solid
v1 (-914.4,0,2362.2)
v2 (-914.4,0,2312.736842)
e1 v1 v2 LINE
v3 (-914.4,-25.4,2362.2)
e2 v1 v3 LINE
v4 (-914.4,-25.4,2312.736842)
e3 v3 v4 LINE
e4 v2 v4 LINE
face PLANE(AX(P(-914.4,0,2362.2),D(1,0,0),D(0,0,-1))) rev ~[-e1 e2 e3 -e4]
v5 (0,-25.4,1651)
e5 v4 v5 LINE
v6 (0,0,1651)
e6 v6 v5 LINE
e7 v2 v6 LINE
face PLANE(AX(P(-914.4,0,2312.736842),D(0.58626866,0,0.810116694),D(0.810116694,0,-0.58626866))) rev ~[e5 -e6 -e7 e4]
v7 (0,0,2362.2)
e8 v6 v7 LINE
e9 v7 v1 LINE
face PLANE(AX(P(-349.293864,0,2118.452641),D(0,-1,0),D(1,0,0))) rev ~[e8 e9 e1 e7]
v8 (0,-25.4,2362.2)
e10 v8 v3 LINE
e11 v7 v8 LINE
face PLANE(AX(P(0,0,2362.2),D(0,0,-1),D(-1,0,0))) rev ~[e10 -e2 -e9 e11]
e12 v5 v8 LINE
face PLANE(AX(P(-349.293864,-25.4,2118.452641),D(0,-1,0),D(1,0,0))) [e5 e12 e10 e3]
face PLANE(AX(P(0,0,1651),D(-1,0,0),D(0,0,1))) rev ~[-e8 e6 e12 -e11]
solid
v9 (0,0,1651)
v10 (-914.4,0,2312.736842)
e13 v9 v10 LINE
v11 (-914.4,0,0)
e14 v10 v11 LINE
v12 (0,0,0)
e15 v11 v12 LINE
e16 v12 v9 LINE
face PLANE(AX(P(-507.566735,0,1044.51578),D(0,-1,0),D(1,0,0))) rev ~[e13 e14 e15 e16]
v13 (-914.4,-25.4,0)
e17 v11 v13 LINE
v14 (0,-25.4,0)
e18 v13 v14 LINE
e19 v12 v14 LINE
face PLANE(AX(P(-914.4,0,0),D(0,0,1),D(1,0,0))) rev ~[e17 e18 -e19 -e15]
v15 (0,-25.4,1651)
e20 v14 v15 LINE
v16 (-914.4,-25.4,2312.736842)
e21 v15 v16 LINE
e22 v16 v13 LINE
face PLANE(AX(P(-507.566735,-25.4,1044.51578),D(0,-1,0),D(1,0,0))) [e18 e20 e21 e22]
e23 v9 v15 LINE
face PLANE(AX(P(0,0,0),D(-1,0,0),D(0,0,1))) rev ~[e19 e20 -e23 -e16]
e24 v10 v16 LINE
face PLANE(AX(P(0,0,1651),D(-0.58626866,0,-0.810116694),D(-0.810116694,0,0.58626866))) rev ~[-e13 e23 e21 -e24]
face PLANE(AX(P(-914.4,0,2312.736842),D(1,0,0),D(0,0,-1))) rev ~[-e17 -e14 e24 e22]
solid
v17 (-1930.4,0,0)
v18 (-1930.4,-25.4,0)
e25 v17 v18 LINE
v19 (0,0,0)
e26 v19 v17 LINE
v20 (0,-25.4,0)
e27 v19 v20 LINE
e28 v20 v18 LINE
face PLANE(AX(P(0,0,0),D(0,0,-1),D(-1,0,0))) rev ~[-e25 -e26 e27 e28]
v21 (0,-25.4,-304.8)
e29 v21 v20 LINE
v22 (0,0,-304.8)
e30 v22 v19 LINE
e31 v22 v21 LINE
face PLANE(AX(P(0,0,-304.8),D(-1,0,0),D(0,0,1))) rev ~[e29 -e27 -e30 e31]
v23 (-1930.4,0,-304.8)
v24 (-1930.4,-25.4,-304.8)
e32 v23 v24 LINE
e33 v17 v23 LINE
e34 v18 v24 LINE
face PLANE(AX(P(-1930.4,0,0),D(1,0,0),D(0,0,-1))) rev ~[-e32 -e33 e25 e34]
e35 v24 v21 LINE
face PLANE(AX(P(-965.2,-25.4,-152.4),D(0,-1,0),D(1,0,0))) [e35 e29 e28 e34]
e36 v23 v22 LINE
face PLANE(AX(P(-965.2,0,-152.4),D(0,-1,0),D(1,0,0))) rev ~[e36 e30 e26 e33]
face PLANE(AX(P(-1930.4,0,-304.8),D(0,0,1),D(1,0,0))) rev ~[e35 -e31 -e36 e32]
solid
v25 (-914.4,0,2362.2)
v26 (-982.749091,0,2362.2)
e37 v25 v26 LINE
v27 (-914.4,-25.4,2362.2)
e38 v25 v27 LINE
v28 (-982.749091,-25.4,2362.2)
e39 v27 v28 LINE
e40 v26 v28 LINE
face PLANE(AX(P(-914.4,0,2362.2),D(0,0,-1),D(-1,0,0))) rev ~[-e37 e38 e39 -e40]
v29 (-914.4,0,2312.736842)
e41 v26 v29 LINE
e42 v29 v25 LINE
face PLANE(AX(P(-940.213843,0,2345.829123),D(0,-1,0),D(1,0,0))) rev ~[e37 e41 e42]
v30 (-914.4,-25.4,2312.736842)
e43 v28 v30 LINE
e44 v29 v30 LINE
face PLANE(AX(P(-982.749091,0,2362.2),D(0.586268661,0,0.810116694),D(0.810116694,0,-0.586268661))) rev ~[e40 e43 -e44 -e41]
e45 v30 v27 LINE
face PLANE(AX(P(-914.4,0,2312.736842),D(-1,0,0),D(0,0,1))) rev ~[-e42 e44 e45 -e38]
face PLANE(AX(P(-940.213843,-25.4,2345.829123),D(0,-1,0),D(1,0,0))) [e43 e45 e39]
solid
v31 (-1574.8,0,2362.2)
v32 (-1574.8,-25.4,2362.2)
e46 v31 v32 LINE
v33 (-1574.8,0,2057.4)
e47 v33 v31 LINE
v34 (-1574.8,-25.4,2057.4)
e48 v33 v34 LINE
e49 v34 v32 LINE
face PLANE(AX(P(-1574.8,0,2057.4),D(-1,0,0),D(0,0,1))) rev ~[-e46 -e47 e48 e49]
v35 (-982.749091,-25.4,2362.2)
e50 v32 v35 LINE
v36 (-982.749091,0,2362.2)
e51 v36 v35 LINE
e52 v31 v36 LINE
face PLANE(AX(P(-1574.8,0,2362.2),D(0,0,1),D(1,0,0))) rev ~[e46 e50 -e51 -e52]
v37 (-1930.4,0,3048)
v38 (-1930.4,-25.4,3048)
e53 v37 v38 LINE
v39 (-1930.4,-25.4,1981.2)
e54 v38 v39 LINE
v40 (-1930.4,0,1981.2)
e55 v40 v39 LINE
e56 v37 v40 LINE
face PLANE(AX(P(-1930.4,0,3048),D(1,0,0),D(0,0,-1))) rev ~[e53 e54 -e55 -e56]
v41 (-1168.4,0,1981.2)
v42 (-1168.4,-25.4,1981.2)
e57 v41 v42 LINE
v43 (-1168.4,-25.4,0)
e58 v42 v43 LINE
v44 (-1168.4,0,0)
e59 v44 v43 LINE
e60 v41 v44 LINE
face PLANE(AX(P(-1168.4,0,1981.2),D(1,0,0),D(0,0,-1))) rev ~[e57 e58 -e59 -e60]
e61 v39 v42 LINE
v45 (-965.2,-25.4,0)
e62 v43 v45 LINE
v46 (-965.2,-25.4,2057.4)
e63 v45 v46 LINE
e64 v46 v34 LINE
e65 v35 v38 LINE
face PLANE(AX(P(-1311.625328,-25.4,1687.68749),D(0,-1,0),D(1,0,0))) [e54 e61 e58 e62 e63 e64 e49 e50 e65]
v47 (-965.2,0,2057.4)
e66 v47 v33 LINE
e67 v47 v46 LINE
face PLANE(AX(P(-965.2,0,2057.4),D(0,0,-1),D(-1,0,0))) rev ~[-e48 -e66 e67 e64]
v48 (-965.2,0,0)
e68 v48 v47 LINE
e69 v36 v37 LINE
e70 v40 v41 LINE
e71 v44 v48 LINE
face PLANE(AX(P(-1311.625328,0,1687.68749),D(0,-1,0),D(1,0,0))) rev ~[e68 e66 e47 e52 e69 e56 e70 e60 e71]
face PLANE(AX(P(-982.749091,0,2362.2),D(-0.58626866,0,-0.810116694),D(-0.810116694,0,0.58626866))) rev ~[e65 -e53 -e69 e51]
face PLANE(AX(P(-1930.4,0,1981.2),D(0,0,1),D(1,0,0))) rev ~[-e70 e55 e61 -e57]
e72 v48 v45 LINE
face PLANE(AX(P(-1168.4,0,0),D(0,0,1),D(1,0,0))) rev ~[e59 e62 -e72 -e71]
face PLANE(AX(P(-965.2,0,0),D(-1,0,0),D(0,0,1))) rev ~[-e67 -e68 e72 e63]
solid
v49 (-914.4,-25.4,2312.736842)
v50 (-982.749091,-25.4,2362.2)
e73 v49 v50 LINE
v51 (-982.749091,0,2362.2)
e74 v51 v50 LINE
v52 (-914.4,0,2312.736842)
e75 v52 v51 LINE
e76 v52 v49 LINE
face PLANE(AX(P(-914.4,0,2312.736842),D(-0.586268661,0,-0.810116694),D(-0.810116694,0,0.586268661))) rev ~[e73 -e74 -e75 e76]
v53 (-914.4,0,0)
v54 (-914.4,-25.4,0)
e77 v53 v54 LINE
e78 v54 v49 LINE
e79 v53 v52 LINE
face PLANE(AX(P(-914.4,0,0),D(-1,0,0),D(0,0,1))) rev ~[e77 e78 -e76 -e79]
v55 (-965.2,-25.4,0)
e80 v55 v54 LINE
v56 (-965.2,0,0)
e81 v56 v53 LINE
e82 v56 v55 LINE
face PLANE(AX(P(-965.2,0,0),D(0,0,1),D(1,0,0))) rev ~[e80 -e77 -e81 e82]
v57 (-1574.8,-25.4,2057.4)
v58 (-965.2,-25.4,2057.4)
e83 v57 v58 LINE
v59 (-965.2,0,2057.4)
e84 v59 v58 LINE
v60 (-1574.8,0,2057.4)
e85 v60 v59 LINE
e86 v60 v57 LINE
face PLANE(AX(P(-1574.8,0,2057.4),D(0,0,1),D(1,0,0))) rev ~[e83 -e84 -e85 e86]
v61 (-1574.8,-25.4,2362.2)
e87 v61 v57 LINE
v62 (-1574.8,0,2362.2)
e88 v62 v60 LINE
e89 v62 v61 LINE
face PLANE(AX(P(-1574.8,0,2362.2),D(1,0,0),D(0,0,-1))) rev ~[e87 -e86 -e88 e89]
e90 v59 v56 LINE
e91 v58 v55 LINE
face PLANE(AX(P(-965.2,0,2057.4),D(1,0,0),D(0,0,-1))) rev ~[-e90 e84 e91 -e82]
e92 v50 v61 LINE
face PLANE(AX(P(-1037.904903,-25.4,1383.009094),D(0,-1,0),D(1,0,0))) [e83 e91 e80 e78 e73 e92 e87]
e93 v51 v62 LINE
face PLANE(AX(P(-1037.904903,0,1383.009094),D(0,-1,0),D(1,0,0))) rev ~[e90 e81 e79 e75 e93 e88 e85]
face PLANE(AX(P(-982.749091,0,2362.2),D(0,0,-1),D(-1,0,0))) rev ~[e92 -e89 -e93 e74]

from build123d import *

# Parameters (mm, degrees)
F1_DEPTH = 25.4
F2_DEPTH = 25.4
F3_DEPTH = 25.4


with BuildPart() as f1:
    # F0 (on Front) → F1 (new body)
    with BuildSketch(Plane.XZ):
        Polygon((-965.2, 0), (-914.4, 0), (-914.4, 2312.736842), (-982.749091, 2362.2), (-1574.8, 2362.2), (-1574.8, 2057.4), (-965.2, 2057.4), align=None)
        Polygon((-914.4, 2362.2), (-914.4, 2312.736842), (0, 1651), (0, 2362.2), align=None)
    extrude(amount=F1_DEPTH)


with BuildPart() as f2:
    # F0 (on Front) → F2 (new body)
    with BuildSketch(Plane.XZ):
        Polygon((-1168.4, 0), (-965.2, 0), (-965.2, 2057.4), (-1574.8, 2057.4), (-1574.8, 2362.2), (-982.749091, 2362.2), (-1930.4, 3048), (-1930.4, 1981.2), (-1168.4, 1981.2), align=None)
        Polygon((-982.749091, 2362.2), (-914.4, 2312.736842), (-914.4, 2362.2), align=None)
        Polygon((-914.4, 2312.736842), (-914.4, 0), (0, 0), (0, 1651), align=None)
    extrude(amount=F2_DEPTH)


with BuildPart() as f3:
    # F0 (on Front) → F3 (new body)
    with BuildSketch(Plane.XZ):
        Polygon((0, 0), (-914.4, 0), (-965.2, 0), (-1168.4, 0), (-1930.4, 0), (-1930.4, -304.8), (0, -304.8), align=None)
    extrude(amount=F3_DEPTH)


solid = Compound([f1.part, f2.part, f3.part])
